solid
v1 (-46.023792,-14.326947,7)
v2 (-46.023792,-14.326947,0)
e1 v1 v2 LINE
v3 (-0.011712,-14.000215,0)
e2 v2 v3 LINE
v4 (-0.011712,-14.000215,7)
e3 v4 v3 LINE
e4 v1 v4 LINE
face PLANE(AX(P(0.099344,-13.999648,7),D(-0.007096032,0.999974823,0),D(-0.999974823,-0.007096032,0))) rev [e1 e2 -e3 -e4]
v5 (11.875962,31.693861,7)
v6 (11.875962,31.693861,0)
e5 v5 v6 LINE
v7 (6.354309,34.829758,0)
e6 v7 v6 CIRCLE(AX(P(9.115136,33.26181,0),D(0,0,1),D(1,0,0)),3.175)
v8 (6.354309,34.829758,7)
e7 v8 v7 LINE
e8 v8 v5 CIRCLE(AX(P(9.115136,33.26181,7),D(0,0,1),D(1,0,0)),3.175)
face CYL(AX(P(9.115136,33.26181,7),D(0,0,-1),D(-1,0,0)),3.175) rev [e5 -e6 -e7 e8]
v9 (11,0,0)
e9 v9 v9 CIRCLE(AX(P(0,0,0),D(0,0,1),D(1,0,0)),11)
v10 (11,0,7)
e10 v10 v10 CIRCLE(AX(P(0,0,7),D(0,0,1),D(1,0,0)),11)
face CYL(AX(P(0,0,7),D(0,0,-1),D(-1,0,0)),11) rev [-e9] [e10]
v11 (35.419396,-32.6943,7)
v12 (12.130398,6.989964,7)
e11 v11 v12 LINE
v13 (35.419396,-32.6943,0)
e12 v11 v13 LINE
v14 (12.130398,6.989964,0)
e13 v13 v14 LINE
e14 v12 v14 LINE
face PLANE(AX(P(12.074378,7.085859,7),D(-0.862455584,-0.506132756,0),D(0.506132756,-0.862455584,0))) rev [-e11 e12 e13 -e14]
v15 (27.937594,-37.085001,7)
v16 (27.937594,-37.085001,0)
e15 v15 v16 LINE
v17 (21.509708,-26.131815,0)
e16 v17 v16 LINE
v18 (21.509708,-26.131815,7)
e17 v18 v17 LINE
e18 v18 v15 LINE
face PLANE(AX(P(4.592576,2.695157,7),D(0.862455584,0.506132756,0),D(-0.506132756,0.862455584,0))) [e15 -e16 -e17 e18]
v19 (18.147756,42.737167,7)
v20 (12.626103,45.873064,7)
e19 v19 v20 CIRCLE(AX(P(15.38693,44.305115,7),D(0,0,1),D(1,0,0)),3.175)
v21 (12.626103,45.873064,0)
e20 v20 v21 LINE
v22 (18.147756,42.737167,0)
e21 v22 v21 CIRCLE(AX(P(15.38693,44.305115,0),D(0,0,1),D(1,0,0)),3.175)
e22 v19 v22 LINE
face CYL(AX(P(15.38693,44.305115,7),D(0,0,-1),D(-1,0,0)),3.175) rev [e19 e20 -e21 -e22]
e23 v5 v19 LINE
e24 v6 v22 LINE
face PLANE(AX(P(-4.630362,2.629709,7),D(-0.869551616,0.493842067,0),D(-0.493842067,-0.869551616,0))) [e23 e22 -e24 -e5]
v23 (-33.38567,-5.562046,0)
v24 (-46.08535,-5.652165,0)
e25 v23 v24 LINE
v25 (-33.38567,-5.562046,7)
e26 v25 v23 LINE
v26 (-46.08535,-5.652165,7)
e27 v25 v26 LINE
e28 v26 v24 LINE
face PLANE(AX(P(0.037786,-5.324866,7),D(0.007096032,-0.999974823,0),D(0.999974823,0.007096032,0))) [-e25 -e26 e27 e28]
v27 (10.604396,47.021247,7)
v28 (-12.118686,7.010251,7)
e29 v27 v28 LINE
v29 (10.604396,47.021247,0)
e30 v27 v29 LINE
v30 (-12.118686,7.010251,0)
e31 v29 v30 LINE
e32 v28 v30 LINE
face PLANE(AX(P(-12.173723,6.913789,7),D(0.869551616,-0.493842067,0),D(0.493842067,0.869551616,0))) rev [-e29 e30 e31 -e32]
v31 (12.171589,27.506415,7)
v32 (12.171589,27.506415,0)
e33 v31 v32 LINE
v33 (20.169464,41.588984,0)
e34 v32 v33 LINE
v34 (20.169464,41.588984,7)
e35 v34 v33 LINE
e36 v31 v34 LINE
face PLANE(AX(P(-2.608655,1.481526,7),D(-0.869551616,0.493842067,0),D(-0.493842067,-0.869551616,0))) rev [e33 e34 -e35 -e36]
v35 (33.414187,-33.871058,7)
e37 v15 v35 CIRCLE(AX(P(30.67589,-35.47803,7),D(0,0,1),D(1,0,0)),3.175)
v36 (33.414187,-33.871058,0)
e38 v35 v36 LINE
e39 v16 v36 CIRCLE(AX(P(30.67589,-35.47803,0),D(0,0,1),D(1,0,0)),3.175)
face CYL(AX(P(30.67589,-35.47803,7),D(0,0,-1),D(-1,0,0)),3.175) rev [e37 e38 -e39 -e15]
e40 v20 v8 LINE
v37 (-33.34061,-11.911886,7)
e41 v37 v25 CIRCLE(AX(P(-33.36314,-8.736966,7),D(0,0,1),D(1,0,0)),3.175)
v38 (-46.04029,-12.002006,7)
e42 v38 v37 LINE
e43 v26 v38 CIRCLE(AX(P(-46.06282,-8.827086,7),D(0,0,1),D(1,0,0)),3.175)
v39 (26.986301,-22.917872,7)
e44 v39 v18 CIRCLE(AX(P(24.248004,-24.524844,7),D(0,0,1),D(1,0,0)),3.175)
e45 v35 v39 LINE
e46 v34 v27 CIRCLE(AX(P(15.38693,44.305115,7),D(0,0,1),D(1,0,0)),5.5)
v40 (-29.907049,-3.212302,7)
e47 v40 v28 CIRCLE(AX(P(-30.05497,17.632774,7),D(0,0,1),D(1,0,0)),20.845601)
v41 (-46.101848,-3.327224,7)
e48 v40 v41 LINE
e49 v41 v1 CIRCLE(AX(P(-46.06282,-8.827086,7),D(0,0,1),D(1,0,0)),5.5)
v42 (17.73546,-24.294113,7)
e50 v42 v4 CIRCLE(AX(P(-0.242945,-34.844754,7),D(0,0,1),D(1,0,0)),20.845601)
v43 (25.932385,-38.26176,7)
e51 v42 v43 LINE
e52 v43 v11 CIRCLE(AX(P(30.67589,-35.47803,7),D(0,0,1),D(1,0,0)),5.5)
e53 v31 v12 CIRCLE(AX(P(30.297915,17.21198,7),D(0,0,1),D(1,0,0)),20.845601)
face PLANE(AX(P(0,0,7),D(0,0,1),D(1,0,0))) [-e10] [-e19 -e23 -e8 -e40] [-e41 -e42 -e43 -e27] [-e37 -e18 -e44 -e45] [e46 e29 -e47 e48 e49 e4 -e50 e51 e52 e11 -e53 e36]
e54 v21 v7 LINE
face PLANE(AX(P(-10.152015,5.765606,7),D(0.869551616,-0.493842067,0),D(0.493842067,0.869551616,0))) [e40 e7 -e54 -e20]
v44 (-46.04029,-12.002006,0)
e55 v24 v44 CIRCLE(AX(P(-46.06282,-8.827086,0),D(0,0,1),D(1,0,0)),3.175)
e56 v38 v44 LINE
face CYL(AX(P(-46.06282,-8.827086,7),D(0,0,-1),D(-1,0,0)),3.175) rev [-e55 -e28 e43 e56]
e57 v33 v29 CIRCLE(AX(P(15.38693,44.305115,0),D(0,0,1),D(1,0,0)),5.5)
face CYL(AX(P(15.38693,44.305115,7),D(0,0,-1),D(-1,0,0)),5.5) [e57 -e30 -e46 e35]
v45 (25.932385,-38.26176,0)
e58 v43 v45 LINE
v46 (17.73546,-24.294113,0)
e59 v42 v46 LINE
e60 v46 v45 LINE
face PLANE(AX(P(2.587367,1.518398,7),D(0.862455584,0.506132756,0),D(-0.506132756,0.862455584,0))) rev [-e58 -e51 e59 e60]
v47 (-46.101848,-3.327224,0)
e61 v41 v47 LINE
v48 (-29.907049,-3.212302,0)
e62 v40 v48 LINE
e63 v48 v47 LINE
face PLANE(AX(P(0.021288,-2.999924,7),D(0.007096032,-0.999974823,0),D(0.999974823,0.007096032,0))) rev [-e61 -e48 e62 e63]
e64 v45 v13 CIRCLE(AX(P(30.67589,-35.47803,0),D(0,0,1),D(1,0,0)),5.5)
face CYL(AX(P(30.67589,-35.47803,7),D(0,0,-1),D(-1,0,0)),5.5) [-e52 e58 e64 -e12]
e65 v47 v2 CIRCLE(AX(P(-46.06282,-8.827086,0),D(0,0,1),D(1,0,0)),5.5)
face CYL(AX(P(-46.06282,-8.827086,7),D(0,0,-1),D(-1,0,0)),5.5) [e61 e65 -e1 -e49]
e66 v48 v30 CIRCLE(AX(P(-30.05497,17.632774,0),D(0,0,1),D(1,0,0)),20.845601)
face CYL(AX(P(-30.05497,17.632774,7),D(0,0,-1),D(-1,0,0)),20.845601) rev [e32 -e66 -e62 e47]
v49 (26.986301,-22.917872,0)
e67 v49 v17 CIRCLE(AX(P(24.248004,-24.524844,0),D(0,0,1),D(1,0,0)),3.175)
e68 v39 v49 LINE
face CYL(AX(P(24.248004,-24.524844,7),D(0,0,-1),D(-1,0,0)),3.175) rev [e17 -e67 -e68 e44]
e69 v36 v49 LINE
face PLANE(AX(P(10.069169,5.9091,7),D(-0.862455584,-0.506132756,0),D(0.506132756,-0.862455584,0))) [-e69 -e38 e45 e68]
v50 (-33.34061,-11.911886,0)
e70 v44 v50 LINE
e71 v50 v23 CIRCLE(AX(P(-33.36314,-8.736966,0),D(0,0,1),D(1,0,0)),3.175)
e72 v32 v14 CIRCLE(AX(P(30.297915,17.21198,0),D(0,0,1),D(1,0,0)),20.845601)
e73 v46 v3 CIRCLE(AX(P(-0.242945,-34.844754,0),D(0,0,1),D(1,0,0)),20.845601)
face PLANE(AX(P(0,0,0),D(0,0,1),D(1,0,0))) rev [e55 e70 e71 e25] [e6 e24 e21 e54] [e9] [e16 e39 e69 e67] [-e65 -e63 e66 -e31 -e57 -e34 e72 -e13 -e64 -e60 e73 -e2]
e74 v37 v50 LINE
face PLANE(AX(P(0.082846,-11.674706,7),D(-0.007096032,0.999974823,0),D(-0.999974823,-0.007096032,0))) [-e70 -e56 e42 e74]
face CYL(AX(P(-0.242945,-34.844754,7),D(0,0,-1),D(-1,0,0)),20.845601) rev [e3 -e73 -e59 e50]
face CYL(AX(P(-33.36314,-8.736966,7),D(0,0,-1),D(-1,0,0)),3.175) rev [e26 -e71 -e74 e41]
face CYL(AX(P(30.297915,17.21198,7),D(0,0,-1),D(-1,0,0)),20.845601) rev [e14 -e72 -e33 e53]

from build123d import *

# Parameters (mm, degrees)
SKETCH1_R           = 11
BOSS_EXTRUDE2_DEPTH = 7


with BuildPart() as part:
    # Sketch1 → Boss-Extrude2 (new body)
    with BuildSketch(Plane.XY):
        with BuildLine():
            ThreePointArc((20.169463689, 41.588983826), (18.10306117, 49.087649082), (10.604395914, 47.021246564))
            Line((10.604395914, 47.021246564), (-12.118876528, 7.010361333))
            ThreePointArc((-12.118876528, 7.010361333), (-19.668266357, -0.440838827), (-29.907048562, -3.212302261))
            Line((-29.907048562, -3.212302261), (-46.101848355, -3.327223978))
            ThreePointArc((-46.101848355, -3.327223978), (-51.562681703, -8.866113681), (-46.023791999, -14.326947029))
            Line((-46.023791999, -14.326947029), (-0.01171274, -14.000435605))
            ThreePointArc((-0.01171274, -14.000435605), (10.215910802, -16.8127989), (17.735459644, -24.294112676))
            Line((17.735459644, -24.294112676), (25.932384666, -38.261759848))
            ThreePointArc((25.932384666, -38.261759848), (33.459620532, -40.221535401), (35.419396085, -32.694299535))
            Line((35.419396085, -32.694299535), (12.130589268, 6.990074273))
            ThreePointArc((12.130589268, 6.990074273), (9.452355555, 17.253637727), (12.171588918, 27.506414937))
            Line((12.171588918, 27.506414937), (20.169463689, 41.588983826))
        make_face()
        with BuildLine():
            Line((6.354309168, 34.829758236), (12.626103421, 45.873063758))
            ThreePointArc((12.626103421, 45.873063758), (16.954878364, 47.065941576), (18.147756182, 42.737166632))
            Line((18.147756182, 42.737166632), (11.875961929, 31.69386111))
            ThreePointArc((11.875961929, 31.69386111), (7.547186985, 30.500983292), (6.354309168, 34.829758236))
        make_face(mode=Mode.SUBTRACT)
        with BuildLine():
            ThreePointArc((-46.040290274, -12.002005566), (-49.23774024, -8.849615406), (-46.08535008, -5.652165441))
            Line((-46.08535008, -5.652165441), (-33.38566983, -5.56204583))
            ThreePointArc((-33.38566983, -5.56204583), (-30.188219864, -8.71443599), (-33.340610024, -11.911885955))
            Line((-33.340610024, -11.911885955), (-46.040290274, -12.002005566))
        make_face(mode=Mode.SUBTRACT)
        Circle(SKETCH1_R, mode=Mode.SUBTRACT)
        with BuildLine():
            ThreePointArc((33.414186854, -33.871058192), (32.282861875, -38.216326169), (27.937593898, -37.085001191))
            Line((27.937593898, -37.085001191), (21.509707901, -26.13181528))
            ThreePointArc((21.509707901, -26.13181528), (22.641032879, -21.786547303), (26.986300856, -22.917872281))
            Line((26.986300856, -22.917872281), (33.414186854, -33.871058192))
        make_face(mode=Mode.SUBTRACT)
    extrude(amount=BOSS_EXTRUDE2_DEPTH)


solid = part.part
